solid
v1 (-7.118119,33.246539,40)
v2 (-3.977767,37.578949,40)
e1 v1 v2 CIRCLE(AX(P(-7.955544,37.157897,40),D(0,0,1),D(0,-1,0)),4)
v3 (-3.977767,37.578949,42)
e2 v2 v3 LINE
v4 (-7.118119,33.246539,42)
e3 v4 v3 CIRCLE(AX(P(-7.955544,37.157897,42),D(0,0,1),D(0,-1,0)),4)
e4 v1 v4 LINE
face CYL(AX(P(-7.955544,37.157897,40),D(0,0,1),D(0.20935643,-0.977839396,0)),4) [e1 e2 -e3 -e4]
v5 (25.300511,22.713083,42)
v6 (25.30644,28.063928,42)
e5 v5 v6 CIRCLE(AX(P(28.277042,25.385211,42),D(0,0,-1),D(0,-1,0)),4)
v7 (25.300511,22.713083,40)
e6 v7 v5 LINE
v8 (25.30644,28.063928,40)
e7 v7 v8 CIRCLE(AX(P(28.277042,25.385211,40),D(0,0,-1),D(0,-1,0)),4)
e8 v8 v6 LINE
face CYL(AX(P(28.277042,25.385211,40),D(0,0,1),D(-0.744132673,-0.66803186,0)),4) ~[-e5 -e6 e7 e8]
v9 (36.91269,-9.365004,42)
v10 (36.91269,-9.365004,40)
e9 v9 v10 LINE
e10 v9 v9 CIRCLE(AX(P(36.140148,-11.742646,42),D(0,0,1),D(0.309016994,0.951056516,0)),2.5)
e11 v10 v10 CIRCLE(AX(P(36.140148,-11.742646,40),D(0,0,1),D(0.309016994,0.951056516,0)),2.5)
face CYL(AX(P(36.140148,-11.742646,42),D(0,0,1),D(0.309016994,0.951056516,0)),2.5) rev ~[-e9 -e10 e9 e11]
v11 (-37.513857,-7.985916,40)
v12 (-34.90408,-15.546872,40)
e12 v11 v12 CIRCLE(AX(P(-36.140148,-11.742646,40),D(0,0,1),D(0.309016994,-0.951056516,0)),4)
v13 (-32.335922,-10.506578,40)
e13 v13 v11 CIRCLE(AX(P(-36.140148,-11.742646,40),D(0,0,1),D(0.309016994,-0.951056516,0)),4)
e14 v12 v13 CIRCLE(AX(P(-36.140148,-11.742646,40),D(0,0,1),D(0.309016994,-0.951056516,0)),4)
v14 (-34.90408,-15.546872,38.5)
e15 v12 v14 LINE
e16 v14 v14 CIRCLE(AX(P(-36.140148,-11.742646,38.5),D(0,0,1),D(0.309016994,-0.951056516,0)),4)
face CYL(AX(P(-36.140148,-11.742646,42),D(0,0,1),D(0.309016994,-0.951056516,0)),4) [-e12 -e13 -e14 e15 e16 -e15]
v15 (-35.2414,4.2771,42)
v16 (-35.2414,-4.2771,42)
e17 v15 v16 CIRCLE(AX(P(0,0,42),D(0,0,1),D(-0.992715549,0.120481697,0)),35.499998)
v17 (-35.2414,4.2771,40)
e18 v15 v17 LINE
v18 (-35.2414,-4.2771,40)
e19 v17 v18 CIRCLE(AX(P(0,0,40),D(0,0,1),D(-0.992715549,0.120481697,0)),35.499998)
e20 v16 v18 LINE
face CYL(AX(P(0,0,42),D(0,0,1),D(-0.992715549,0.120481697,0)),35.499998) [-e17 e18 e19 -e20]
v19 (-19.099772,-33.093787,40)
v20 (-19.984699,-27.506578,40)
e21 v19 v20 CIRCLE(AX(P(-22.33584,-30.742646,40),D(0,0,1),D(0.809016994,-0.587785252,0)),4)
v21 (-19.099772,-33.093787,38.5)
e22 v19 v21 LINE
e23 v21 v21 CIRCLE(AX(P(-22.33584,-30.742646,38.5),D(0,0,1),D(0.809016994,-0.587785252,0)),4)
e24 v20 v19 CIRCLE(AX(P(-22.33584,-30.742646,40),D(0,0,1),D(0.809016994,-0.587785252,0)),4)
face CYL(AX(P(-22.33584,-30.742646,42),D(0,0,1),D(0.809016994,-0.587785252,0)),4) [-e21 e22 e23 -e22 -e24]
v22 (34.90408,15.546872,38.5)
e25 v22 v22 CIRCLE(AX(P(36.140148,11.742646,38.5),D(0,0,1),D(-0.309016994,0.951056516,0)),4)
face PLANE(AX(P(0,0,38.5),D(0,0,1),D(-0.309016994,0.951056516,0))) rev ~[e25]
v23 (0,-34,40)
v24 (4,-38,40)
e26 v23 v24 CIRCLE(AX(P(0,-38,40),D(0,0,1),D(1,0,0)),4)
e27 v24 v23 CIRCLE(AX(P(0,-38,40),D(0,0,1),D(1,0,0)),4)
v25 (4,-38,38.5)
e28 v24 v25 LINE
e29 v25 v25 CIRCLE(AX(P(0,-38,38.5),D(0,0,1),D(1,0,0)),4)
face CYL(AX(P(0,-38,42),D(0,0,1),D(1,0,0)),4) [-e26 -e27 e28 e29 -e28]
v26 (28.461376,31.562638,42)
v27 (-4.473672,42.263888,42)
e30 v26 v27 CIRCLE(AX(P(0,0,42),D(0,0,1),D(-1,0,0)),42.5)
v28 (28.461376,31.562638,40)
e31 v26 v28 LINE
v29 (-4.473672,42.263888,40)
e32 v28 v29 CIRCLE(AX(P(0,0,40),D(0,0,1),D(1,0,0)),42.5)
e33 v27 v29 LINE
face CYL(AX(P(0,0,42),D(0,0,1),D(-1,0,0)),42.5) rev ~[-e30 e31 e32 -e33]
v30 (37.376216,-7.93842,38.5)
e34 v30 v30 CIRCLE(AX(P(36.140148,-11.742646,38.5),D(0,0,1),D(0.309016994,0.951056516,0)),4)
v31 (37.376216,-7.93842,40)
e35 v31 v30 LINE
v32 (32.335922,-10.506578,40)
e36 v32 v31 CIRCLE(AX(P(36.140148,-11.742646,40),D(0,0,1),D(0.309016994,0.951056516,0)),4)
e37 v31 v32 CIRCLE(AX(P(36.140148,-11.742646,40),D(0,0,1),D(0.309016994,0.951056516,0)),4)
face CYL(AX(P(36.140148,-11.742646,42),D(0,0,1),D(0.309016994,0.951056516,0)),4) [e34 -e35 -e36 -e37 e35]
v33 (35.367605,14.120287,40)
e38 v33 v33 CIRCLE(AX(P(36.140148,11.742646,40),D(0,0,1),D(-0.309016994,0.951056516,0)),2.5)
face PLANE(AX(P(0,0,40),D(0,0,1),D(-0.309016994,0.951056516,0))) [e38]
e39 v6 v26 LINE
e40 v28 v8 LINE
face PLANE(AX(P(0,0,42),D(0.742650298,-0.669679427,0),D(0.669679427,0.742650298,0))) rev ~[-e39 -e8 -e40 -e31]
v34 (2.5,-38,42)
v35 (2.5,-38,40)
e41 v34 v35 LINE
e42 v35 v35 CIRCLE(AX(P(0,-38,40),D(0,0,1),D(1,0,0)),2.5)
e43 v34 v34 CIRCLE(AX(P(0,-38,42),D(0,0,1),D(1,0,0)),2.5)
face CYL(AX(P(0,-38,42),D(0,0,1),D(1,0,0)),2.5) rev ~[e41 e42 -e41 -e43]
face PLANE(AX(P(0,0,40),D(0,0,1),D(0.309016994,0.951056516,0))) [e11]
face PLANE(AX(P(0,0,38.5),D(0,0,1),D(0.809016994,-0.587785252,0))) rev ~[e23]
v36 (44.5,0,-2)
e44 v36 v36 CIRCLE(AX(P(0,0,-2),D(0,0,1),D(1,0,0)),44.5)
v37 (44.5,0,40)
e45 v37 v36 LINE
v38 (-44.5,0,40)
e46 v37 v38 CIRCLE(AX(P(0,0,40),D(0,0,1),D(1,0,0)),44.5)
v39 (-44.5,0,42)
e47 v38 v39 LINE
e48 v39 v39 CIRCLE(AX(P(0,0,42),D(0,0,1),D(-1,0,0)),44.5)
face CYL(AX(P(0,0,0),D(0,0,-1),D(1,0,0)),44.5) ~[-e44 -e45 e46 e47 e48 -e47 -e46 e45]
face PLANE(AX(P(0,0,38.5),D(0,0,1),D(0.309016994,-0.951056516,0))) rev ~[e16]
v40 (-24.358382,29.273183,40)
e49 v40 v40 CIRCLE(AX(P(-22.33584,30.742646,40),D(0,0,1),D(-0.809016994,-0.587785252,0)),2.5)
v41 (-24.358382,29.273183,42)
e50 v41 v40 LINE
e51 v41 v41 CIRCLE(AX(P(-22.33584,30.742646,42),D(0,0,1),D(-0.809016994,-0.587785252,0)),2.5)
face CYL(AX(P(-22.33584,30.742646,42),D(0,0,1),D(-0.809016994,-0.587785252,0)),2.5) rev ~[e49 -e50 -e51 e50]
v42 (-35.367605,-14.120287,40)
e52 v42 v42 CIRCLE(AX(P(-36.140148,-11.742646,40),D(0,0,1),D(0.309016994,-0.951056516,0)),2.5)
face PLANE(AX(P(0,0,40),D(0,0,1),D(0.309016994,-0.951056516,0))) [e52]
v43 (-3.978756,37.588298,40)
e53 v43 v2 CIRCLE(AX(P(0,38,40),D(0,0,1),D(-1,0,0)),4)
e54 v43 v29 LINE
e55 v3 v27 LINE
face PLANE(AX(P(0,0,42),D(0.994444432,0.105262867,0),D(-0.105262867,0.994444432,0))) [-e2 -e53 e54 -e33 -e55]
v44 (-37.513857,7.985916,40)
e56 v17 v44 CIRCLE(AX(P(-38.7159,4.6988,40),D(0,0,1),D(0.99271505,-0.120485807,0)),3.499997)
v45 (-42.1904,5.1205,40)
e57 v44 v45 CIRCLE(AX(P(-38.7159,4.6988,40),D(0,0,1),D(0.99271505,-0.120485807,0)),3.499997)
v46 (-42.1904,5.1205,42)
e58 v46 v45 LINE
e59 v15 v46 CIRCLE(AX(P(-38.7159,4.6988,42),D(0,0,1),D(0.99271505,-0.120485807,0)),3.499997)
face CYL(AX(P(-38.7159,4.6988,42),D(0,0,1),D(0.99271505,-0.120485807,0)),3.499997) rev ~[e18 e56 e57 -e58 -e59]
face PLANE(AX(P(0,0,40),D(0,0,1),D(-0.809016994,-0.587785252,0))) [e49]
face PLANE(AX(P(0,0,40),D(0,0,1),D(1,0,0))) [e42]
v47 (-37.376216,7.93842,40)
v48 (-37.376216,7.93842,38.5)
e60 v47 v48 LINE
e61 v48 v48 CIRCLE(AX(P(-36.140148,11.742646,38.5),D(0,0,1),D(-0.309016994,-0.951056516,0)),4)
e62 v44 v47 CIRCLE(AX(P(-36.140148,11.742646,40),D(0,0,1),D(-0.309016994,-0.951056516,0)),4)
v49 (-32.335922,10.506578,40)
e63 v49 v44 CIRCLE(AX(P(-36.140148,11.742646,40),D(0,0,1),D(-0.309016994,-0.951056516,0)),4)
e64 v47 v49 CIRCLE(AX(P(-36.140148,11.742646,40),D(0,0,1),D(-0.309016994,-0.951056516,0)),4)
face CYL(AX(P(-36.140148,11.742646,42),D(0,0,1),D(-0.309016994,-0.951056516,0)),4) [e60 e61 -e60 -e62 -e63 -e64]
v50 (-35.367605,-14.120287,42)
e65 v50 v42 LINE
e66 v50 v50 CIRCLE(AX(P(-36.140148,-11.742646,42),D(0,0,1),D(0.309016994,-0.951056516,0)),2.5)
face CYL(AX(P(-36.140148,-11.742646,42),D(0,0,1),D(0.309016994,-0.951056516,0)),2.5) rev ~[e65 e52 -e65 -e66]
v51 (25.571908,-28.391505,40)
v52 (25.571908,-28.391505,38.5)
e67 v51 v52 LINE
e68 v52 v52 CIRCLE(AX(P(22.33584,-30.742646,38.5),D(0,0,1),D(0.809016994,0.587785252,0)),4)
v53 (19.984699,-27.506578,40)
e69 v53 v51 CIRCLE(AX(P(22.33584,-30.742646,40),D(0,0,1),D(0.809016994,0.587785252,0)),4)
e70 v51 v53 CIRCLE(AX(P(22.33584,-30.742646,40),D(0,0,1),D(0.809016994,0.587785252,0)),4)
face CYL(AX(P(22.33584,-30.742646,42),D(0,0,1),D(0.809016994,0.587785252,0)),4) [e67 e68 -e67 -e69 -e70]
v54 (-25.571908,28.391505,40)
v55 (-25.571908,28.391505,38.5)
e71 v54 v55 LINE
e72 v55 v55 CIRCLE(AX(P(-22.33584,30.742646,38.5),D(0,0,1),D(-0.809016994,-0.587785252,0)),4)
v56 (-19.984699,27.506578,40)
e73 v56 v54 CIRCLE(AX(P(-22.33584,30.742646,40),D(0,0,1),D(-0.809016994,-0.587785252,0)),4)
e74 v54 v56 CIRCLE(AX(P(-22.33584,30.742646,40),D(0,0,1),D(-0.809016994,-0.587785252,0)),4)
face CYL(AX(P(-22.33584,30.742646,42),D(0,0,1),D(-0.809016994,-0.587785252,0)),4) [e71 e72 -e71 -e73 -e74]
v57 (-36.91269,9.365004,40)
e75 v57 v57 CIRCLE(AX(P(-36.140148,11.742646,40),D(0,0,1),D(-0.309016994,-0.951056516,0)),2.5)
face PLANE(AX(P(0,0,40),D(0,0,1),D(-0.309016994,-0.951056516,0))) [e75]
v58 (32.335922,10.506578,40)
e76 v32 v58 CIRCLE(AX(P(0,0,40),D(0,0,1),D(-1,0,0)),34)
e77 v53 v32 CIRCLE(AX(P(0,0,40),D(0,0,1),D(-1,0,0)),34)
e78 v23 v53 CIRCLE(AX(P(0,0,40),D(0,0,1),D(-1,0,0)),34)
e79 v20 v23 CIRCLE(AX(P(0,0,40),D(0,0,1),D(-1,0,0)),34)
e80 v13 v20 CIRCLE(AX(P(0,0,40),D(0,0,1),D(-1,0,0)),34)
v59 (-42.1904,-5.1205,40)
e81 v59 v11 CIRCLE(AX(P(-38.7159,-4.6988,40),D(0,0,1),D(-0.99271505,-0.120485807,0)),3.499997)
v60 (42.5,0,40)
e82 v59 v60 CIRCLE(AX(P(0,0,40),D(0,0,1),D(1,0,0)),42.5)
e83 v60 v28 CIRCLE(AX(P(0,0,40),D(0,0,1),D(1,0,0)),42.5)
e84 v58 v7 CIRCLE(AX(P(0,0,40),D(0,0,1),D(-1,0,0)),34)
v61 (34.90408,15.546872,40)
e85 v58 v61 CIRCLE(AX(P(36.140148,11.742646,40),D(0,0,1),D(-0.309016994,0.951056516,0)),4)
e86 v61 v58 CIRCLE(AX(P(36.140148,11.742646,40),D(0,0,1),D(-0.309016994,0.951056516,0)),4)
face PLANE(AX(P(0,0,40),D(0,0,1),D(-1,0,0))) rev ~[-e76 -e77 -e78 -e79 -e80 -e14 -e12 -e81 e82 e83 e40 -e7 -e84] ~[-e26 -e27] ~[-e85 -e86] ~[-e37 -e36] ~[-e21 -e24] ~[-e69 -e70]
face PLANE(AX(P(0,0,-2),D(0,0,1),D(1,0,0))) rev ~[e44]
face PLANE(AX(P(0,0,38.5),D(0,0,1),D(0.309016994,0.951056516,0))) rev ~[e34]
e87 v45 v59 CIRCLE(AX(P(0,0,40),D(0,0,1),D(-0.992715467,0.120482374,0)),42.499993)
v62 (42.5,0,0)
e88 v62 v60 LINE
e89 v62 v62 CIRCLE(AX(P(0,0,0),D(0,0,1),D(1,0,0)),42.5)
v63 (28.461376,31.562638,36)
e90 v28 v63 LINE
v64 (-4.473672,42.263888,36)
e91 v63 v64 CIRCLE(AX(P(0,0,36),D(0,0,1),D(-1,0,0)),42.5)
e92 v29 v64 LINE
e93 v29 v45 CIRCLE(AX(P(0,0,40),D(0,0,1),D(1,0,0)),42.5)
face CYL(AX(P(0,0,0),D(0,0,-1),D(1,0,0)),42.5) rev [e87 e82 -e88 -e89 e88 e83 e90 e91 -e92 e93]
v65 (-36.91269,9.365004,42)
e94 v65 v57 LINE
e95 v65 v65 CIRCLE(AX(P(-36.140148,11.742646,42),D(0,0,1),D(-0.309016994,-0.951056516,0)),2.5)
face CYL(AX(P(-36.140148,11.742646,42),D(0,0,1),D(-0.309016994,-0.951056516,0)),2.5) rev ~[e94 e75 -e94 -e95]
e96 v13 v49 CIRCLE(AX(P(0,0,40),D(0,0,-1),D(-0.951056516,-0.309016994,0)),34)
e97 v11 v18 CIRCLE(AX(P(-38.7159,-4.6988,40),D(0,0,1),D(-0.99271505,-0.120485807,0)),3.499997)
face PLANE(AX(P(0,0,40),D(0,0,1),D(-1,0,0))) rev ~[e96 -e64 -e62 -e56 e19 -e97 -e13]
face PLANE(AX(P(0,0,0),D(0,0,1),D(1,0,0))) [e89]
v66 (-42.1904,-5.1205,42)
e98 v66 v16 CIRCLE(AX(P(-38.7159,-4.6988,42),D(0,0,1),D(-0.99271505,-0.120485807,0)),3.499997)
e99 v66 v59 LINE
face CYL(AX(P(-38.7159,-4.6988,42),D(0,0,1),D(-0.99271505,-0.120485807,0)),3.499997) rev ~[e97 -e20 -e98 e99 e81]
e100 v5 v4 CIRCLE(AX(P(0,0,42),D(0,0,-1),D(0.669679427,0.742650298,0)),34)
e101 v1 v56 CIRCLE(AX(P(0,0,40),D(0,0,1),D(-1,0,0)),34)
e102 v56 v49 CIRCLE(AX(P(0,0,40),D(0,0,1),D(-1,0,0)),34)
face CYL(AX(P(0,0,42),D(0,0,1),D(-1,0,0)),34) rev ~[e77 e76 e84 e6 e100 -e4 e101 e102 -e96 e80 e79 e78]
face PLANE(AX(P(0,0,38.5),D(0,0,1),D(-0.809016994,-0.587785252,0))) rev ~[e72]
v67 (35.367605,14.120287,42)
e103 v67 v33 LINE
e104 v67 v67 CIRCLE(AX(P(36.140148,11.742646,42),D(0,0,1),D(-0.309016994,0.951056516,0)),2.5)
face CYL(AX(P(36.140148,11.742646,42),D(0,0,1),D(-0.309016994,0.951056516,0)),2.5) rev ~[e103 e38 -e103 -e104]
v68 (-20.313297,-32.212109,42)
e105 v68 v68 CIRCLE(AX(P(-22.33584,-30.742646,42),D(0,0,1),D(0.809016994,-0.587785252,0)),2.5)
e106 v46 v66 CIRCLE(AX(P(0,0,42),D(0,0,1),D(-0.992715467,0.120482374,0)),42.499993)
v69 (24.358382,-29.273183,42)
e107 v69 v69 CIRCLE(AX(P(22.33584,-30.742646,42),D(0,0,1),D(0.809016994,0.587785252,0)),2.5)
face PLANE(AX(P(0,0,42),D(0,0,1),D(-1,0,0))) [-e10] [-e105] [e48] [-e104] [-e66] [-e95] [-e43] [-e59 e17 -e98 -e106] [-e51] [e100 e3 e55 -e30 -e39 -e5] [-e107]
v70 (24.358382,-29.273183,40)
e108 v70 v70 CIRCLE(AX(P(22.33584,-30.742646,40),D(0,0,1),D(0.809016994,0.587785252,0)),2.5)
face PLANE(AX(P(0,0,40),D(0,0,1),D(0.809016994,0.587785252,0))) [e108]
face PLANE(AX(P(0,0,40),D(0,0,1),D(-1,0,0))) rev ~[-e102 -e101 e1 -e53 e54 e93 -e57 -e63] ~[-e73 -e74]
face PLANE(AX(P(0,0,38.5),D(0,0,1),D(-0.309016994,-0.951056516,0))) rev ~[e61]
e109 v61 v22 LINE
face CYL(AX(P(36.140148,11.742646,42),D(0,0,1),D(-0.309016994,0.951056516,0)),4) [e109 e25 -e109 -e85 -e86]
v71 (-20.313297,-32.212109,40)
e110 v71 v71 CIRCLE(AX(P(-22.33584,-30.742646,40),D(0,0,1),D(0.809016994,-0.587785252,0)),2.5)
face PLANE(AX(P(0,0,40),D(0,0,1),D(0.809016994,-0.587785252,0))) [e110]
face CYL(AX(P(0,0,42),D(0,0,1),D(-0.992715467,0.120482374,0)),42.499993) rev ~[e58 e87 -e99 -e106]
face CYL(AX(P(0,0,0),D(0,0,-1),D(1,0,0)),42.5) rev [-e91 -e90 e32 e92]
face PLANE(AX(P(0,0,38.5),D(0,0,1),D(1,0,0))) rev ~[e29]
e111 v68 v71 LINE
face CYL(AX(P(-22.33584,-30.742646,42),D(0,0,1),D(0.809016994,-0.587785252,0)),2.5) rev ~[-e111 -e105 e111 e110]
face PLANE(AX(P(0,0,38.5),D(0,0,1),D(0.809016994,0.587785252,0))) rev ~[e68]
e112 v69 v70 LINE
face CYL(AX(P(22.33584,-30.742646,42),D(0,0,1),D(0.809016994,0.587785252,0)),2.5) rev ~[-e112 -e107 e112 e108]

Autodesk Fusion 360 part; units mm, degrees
sketch "Sketch1" plane through (0, 0, 0) normal (0, 0, 1) x (1, 0, 0)
  circle A0 centre (0, 0) radius 44.5
  circle A1 centre (0, 0) radius 42.5
  dimension "d1" = 89
  dimension "d2" = 2
extrude "Extrude1" add sketch "Sketch1" against normal blind 2 contours A0 | A1 makes body 1
extrude "Extrude2" add sketch "Sketch1" along normal blind 40 bodies 1
sketch "Sketch2" plane through (0, 0, 40) normal (0, 0, 1) x (-1, 0, 0)
  circle A0 centre (0, 0) radius 42.5
  circle A1 centre (0, 0) radius 44.5
  circle A2 centre (0, 0) radius 44.5
  dimension "d7" = 89
extrude "Extrude3" add sketch "Sketch2" along normal blind 2 separate body contours A0 | A1 A2 makes body 2
sketch "Sketch3" plane through (0, 0, 42) normal (0, 0, 1) x (-1, 0, 0)
  circle A0 centre (0, 0) radius 44.5
  circle A1 centre (0, -38) radius 2.5
  circle A2 centre (0, -38) radius 4
  dimension "d10" = 5
  dimension "d12" = 1.5
  dimension "d24" = 38
extrude "Extrude4" add sketch "Sketch3" against normal blind 3.5 contours A1 | A2 bodies 2
extrude "Extrude5" cut sketch "Sketch3" against normal blind 2 contours A1 bodies 2
pattern_circular "C-Pattern1" count 10 over 360 about axis through (0, 0, 1.75) along (0, 0, 1) of "Extrude4", "Extrude5"
sketch "Sketch5" plane through (0, 0, 42) normal (0, 0, 1) x (-1, 0, 0)
  circle A0 centre (0, 38) radius 2.5
  circle A1 centre (22.3358, 30.7426) radius 2.5
  circle A2 centre (36.1401, 11.7426) radius 2.5
  circle A3 centre (36.1401, -11.7426) radius 2.5
  circle A4 centre (22.3358, -30.7426) radius 2.5
  circle A5 centre (0, -38) radius 2.5
  circle A6 centre (0, 0) radius 44.5
  circle A7 centre (0, 0) radius 34
  circle A8 centre (0, -38) radius 4
  circle A9 centre (-36.1401, -11.7426) radius 2.5
  circle A10 centre (-36.1401, 11.7426) radius 2.5
  circle A11 centre (-22.3358, 30.7426) radius 2.5
  circle A12 centre (-22.3358, -30.7426) radius 2.5
extrude "Extrude6" cut sketch "Sketch5" against normal blind 5 contours A7 bodies 2
sketch "Sketch7" plane through (0, 0, 42) normal (0, 0, 1) x (-1, 0, 0)
  circle A0 centre (0, 0) radius 34
  circle A1 centre (0, 38) radius 2.5
  circle A2 centre (22.3358, 30.7426) radius 2.5
  circle A3 centre (36.1401, 11.7426) radius 2.5
  circle A4 centre (36.1401, -11.7426) radius 2.5
  circle A5 centre (22.3358, -30.7426) radius 2.5
  circle A6 centre (0, -38) radius 2.5
  circle A7 centre (0, 0) radius 44.5
  arc A8 (42.1904, -5.1205) -> (42.1904, 5.1205) centre (0, 0) ccw
  arc A9 (35.2414, -4.2771) -> (42.1904, -5.1205) centre (38.7159, -4.6988) ccw
  arc A10 (35.2414, -4.2771) -> (35.2414, 4.2771) centre (0, 0) ccw
  arc A11 (42.1904, 5.1205) -> (35.2414, 4.2771) centre (38.7159, 4.6988) ccw
  arc A12 (38.7159, -4.6988) -> (38.7159, 4.6988) centre (0, 0) ccw construction
  circle A13 centre (-36.1401, -11.7426) radius 2.5
  circle A14 centre (-36.1401, 11.7426) radius 2.5
  circle A15 centre (-22.3358, 30.7426) radius 2.5
  circle A16 centre (-22.3358, -30.7426) radius 2.5
  circle A17 centre (36.1401, -11.7426) radius 4
  circle A18 centre (36.1401, 11.7426) radius 4
  dimension "d25" = 2
  dimension "d26" = 39
extrude "Extrude7" cut sketch "Sketch7" against normal blind 5 contours A8 A9 A10 A11 bodies 2
combine "Combine1" operation add target body 1 tool bodies 2
sketch "Sketch9" plane through (0, 0, 42) normal (0, 0, 1) x (-1, 0, 0)
  circle A0 centre (0, 0) radius 44.5 construction
  line L0 (0, 0) -> (4.6842, -44.2528)
  line L1 (0, 0) -> (-29.8007, -33.0479)
  circle A1 centre (0, 0) radius 34 construction
  circle A2 centre (0, 0) radius 42.5
  circle A3 centre (22.3358, 30.7426) radius 4
  circle A4 centre (0, 38) radius 4
extrude "Extrude8" cut sketch "Sketch9" against normal blind 6 contours L0 L1 A2 picked at (1.0038, -28.2462) bodies 1
fillet "Fillet1" radius 4 2 edges at (-3.5789, 33.8111, 41) (22.7691, 25.2501, 41) on bodies 1
